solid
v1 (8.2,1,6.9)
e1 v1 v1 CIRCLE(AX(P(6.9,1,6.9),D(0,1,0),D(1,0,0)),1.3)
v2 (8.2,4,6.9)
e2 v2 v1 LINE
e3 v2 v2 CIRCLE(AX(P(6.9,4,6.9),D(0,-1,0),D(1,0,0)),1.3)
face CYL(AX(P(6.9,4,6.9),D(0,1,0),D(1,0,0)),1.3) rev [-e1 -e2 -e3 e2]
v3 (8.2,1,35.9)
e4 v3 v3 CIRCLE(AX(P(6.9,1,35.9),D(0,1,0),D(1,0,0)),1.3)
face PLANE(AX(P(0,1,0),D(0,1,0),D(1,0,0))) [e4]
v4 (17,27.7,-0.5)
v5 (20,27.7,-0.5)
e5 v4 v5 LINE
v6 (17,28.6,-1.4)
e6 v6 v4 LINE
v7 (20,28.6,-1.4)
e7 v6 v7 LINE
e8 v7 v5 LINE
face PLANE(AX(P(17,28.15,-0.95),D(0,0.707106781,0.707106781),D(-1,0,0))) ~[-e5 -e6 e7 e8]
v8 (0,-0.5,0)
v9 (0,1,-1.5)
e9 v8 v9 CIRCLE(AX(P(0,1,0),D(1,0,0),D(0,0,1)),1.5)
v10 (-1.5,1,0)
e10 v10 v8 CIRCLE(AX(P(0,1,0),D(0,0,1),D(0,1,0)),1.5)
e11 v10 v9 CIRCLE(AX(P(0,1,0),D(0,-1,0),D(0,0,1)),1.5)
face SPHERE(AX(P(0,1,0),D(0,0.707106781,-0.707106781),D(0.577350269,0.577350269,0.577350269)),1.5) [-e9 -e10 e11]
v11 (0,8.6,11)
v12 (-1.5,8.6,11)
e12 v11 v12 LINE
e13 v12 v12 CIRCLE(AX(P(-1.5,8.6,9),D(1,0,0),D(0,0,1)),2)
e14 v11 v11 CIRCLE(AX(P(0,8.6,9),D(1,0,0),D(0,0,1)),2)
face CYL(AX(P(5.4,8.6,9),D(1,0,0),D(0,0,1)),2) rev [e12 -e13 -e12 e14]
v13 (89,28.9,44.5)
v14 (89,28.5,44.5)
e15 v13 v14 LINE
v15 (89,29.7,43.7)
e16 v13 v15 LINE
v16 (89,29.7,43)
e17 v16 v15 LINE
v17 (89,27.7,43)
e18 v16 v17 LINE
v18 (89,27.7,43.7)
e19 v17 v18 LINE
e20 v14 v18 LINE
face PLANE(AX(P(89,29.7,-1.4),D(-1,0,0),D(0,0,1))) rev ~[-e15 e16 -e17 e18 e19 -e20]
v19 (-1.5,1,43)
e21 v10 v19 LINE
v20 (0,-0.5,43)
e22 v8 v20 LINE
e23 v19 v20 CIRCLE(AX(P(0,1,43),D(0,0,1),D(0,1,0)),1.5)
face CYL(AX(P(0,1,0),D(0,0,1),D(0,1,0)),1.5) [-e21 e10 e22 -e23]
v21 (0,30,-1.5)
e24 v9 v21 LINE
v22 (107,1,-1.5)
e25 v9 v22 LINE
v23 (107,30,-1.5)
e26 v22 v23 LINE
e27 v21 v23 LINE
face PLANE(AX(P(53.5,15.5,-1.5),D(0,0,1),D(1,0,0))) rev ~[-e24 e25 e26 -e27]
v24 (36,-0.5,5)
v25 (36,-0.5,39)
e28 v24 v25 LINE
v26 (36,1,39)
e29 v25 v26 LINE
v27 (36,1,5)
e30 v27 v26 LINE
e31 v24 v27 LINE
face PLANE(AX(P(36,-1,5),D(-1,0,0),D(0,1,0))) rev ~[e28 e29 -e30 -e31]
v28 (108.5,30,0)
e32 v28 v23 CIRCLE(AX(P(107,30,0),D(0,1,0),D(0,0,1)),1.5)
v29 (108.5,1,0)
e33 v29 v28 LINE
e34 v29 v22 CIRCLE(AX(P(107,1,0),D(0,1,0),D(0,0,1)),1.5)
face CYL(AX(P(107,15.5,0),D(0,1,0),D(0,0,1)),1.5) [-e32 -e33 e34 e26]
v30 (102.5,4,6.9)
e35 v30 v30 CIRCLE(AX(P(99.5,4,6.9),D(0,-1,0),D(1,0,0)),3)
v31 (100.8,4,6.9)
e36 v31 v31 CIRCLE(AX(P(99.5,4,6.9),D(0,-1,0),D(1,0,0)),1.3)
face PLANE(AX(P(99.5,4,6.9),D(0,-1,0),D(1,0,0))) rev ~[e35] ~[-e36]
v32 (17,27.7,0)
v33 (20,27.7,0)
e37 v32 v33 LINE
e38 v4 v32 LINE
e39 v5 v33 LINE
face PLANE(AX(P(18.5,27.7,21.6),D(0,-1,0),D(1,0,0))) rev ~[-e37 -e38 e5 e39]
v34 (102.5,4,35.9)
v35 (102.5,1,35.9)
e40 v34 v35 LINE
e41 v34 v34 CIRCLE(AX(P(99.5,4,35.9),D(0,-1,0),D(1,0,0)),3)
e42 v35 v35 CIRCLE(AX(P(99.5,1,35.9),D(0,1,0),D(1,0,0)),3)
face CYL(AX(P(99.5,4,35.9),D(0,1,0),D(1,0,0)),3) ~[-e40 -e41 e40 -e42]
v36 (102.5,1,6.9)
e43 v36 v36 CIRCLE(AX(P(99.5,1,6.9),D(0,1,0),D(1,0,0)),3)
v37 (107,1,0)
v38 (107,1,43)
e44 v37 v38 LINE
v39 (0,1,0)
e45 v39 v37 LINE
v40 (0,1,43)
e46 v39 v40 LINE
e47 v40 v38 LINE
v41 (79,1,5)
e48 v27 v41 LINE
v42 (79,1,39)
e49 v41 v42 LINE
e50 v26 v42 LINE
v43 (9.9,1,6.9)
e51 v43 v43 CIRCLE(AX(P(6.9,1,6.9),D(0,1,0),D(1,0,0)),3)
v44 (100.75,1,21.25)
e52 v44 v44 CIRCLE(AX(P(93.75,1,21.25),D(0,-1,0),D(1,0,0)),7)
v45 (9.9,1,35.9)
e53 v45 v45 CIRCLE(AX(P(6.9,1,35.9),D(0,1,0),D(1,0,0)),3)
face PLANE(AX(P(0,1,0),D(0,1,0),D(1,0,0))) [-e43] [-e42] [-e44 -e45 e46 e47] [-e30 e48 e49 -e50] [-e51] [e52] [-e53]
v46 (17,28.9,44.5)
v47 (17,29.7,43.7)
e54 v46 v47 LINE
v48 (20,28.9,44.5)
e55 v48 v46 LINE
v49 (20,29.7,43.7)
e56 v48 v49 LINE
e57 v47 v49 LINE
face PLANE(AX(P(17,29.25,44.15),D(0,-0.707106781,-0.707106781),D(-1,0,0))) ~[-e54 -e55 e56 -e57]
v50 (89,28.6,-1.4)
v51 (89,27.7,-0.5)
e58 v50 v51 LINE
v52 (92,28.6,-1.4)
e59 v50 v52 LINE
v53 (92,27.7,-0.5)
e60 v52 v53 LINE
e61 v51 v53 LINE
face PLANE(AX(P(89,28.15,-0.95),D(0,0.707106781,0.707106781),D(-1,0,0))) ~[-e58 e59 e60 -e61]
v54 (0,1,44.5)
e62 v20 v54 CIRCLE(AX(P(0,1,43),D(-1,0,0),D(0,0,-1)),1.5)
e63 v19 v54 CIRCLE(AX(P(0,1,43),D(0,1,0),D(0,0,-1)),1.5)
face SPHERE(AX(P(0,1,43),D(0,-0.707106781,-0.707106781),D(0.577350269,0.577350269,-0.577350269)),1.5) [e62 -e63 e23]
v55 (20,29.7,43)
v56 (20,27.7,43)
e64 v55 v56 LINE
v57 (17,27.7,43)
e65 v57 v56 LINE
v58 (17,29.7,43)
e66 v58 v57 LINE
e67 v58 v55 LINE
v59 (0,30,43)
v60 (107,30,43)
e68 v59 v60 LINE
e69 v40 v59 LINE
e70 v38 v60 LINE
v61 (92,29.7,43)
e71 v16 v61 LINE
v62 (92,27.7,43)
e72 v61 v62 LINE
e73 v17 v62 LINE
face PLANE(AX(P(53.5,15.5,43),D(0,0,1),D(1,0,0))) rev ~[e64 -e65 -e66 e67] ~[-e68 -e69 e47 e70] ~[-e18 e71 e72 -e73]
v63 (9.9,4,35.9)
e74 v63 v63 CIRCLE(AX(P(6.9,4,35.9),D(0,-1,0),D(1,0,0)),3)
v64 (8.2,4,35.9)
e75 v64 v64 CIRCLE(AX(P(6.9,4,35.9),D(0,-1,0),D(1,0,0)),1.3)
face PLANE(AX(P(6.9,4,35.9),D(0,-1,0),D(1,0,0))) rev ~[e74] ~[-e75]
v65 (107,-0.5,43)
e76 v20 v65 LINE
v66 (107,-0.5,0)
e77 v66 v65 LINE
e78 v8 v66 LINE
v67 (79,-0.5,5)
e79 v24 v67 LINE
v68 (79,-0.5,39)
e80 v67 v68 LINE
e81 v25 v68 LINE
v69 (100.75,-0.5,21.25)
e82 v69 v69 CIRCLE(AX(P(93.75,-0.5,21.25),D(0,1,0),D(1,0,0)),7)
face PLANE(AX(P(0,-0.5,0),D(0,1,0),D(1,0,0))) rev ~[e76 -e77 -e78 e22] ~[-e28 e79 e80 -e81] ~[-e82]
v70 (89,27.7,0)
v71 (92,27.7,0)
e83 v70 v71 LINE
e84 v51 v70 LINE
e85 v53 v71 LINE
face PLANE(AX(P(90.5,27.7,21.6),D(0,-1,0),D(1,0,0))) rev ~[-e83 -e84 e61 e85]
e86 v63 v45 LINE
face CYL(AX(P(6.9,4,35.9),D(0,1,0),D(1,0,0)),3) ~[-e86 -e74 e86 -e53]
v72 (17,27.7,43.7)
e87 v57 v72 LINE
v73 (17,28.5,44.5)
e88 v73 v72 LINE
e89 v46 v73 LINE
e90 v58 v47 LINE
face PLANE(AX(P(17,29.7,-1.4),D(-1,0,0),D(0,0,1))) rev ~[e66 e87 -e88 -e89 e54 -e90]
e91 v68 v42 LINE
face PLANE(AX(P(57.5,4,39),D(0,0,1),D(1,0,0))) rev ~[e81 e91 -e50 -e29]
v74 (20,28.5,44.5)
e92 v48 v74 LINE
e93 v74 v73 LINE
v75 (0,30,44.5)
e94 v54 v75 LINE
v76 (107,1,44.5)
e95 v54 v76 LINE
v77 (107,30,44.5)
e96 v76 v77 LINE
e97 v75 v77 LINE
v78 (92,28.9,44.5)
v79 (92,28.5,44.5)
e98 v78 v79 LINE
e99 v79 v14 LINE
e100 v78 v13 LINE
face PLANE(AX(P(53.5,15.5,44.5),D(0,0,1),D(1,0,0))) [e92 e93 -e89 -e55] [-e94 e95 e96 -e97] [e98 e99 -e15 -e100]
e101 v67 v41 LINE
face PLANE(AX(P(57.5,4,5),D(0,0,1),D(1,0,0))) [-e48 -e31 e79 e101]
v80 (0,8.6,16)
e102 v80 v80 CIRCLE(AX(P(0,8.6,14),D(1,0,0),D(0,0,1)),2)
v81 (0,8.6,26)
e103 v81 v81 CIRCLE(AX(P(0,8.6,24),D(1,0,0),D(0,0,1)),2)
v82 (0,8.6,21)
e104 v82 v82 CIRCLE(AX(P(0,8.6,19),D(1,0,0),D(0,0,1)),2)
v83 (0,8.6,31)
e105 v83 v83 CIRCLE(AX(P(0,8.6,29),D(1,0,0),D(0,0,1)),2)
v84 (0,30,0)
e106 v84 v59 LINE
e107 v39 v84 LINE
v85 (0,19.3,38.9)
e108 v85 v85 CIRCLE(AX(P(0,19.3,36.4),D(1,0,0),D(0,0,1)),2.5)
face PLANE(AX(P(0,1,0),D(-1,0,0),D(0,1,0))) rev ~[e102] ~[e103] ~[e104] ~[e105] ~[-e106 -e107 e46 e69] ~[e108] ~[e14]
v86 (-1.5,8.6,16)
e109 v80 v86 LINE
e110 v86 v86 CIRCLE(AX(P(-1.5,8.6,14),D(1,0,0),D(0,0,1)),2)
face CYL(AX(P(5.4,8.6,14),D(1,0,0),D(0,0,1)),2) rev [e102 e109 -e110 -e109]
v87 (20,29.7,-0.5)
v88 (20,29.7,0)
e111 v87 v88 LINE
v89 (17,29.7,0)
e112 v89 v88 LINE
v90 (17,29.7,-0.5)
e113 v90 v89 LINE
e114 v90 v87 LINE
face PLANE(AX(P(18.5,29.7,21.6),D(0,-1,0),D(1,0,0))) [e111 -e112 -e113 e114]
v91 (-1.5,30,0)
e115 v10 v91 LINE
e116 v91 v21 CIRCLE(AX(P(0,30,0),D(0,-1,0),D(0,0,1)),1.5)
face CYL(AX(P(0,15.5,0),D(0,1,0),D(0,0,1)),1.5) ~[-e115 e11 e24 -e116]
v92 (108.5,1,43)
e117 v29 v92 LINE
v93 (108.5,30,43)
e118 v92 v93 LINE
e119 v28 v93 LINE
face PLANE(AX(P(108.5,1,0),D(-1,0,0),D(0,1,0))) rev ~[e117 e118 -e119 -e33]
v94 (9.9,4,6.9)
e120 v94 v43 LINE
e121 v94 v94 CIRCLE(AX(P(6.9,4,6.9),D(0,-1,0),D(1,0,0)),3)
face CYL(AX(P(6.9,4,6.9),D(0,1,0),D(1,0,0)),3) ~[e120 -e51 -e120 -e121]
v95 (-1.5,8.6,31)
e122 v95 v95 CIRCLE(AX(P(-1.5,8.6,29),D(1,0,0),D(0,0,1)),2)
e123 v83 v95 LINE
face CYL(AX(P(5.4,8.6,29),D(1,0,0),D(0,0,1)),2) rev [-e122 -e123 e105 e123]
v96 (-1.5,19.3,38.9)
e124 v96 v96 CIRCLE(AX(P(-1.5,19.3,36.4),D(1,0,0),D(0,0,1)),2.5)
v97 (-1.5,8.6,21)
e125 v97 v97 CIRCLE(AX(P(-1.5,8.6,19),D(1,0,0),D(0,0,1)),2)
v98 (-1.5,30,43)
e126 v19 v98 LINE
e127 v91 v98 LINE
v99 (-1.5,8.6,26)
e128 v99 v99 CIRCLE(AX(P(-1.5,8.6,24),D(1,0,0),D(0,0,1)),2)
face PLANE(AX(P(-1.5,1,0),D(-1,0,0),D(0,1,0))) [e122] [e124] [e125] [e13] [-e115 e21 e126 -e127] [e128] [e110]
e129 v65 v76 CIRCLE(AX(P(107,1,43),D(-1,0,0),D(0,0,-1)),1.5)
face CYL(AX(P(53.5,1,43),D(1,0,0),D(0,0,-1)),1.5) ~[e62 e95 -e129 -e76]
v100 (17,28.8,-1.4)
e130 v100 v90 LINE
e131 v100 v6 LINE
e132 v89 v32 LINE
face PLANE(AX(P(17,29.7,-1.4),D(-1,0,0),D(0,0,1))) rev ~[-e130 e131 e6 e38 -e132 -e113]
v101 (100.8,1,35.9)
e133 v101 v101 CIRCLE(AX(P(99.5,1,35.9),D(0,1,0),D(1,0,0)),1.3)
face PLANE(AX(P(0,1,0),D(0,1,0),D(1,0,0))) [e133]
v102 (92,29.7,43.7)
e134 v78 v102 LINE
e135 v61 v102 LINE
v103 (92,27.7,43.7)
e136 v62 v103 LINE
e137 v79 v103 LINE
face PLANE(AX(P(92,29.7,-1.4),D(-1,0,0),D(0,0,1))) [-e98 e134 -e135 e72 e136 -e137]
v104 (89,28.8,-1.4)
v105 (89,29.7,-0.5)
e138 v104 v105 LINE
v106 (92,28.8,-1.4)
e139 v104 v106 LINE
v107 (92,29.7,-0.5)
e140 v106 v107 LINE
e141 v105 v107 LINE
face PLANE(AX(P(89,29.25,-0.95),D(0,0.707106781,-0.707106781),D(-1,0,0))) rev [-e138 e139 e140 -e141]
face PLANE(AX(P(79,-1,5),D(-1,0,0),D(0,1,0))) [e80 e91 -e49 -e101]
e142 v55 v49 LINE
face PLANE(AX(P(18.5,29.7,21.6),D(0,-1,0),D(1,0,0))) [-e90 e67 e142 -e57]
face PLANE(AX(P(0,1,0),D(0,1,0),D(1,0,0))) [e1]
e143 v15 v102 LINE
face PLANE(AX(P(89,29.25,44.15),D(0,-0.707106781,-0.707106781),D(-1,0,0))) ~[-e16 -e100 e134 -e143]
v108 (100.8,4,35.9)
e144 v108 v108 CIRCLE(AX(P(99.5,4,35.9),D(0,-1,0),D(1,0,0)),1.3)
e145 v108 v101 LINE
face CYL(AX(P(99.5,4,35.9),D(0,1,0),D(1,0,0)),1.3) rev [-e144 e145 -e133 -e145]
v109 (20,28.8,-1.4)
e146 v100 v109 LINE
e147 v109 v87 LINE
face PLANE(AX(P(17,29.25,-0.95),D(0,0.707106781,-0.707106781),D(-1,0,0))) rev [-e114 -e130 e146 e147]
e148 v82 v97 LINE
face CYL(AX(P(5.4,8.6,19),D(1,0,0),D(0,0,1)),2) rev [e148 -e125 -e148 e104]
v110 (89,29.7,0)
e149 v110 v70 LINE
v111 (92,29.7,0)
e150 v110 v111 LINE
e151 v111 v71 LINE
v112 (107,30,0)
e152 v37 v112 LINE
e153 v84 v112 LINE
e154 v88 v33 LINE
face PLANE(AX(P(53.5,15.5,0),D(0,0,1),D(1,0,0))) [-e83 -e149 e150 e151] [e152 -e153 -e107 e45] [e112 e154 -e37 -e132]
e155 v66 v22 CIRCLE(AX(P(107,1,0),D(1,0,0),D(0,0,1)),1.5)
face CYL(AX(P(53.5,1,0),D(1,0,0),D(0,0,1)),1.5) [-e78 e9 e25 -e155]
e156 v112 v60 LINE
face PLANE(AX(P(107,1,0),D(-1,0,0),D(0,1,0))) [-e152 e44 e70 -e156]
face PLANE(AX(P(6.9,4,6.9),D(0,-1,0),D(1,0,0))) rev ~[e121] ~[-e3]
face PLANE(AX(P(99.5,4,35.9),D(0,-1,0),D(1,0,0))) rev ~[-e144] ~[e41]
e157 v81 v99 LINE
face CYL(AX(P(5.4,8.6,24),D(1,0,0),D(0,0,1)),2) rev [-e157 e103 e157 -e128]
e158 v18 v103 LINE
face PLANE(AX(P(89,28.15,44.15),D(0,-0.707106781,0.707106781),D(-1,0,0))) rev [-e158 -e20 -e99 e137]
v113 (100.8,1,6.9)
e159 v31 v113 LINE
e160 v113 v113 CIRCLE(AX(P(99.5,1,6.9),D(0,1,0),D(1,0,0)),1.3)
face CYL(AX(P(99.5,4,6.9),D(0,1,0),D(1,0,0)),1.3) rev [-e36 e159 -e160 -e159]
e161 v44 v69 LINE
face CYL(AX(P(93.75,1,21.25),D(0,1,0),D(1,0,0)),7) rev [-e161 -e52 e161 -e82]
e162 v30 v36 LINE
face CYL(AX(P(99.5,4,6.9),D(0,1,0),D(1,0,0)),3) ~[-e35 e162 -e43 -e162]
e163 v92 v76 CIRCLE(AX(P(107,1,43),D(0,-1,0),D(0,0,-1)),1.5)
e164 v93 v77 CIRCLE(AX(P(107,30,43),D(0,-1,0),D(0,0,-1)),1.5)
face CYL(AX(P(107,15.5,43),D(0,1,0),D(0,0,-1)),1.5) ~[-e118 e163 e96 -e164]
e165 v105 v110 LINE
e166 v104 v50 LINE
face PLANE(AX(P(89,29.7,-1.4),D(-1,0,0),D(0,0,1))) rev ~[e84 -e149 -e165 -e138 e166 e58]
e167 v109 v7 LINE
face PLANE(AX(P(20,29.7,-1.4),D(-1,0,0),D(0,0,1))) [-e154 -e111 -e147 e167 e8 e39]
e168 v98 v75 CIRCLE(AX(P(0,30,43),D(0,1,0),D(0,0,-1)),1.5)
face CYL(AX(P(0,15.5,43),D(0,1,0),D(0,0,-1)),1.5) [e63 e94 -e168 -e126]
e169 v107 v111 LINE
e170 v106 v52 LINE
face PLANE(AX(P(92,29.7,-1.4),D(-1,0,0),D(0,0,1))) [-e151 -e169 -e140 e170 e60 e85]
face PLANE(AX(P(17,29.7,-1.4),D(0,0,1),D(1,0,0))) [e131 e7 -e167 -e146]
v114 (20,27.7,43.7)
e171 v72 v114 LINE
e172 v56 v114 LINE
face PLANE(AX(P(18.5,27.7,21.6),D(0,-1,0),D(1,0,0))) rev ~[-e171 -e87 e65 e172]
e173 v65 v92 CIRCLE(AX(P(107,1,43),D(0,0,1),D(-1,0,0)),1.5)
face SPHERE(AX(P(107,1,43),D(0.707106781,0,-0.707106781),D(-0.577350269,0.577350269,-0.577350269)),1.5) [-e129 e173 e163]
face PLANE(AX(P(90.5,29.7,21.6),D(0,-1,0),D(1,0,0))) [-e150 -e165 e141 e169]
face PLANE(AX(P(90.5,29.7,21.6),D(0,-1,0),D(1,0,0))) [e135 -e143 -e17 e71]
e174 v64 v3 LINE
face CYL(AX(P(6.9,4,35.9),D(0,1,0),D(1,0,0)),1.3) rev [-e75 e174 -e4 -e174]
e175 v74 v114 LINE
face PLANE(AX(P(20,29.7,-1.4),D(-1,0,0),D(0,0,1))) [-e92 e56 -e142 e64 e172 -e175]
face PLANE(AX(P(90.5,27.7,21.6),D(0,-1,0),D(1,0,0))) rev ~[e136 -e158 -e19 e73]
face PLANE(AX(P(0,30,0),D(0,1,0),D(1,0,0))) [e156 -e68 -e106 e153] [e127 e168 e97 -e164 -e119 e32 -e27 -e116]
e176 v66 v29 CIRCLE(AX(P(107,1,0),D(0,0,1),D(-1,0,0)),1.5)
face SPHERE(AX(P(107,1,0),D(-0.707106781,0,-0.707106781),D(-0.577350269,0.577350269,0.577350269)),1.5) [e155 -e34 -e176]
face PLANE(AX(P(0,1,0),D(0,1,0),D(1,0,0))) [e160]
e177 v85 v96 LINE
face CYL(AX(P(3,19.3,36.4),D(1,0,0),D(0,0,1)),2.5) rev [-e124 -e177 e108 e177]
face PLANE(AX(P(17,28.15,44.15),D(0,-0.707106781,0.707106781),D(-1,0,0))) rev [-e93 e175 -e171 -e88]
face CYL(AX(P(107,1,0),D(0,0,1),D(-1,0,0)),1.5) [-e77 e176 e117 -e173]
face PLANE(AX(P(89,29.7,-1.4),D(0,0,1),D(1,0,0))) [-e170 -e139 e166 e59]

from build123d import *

# Parameters (mm, degrees)
TUBE001_R                  = 3
TUBE001_R_2                = 1.3
TUBE001_DEPTH              = 4
TUBE002_R                  = 3
TUBE002_R_2                = 1.3
TUBE002_DEPTH              = 4
TUBE003_R                  = 3
TUBE003_R_2                = 1.3
TUBE003_DEPTH              = 4
TUBE_R                     = 3
TUBE_R_2                   = 1.3
TUBE_DEPTH                 = 4
CYLINDER007_R              = 2
CYLINDER007_DEPTH          = 10
CYLINDER008_R              = 2
CYLINDER008_DEPTH          = 10
CYLINDER009_R              = 2
CYLINDER009_DEPTH          = 10
CYLINDER010_R              = 2
CYLINDER010_DEPTH          = 10
CYLINDER006_R              = 2
CYLINDER006_DEPTH          = 10
BOX026_W                   = 3
BOX026_H                   = 46
BOX026_DEPTH               = 2
CHAMFER001_SIZE            = 0.9
CHAMFER001_PLACEMENT_ANGLE = 90
BOX025_W                   = 3
BOX025_H                   = 46
BOX025_DEPTH               = 2
CHAMFER_SIZE               = 0.9
CHAMFER_PLACEMENT_ANGLE    = 90
CYLINDER005_R              = 2.5
CYLINDER005_DEPTH          = 10
CYLINDER001_R              = 7
CYLINDER001_DEPTH          = 10
BOX001_W                   = 43
BOX001_H                   = 10
BOX001_DEPTH               = 34
BOX_W                      = 107
BOX_H                      = 29
BOX_DEPTH                  = 43
THICKNESS_T                = 1.5


with BuildPart() as tube001:
    # Tube001 → Tube001 (new body)
    with BuildSketch(Plane(origin=(6.9, 4, 35.9), x_dir=(1, 0, 0), z_dir=(0, -1, 0))):
        Circle(TUBE001_R)
        Circle(TUBE001_R_2, mode=Mode.SUBTRACT)
    extrude(amount=TUBE001_DEPTH)


with BuildPart() as tube002:
    # Tube002 → Tube002 (new body)
    with BuildSketch(Plane(origin=(99.5, 4, 6.9), x_dir=(1, 0, 0), z_dir=(0, -1, 0))):
        Circle(TUBE002_R)
        Circle(TUBE002_R_2, mode=Mode.SUBTRACT)
    extrude(amount=TUBE002_DEPTH)


with BuildPart() as tube003:
    # Tube003 → Tube003 (new body)
    with BuildSketch(Plane(origin=(99.5, 4, 35.9), x_dir=(1, 0, 0), z_dir=(0, -1, 0))):
        Circle(TUBE003_R)
        Circle(TUBE003_R_2, mode=Mode.SUBTRACT)
    extrude(amount=TUBE003_DEPTH)


with BuildPart() as fusion005:
    # Tube → Tube (new body)
    with BuildSketch(Plane(origin=(6.9, 4, 6.9), x_dir=(1, 0, 0), z_dir=(0, -1, 0))):
        Circle(TUBE_R)
        Circle(TUBE_R_2, mode=Mode.SUBTRACT)
    extrude(amount=TUBE_DEPTH)

    # Fusion005: union Tube001, Tube002, Tube003
    add(tube001.part)
    add(tube002.part)
    add(tube003.part)


with BuildPart() as cilindro007:
    # Cylinder007 → Cylinder007 (new body)
    with BuildSketch(Plane(origin=(5.4, 8.6, 24), x_dir=(0, 0, 1), z_dir=(-1, 0, 0))):
        Circle(CYLINDER007_R)
    extrude(amount=CYLINDER007_DEPTH)


with BuildPart() as cilindro008:
    # Cylinder008 → Cylinder008 (new body)
    with BuildSketch(Plane(origin=(5.4, 8.6, 19), x_dir=(0, 0, 1), z_dir=(-1, 0, 0))):
        Circle(CYLINDER008_R)
    extrude(amount=CYLINDER008_DEPTH)


with BuildPart() as cilindro009:
    # Cylinder009 → Cylinder009 (new body)
    with BuildSketch(Plane(origin=(5.4, 8.6, 14), x_dir=(0, 0, 1), z_dir=(-1, 0, 0))):
        Circle(CYLINDER009_R)
    extrude(amount=CYLINDER009_DEPTH)


with BuildPart() as cilindro010:
    # Cylinder010 → Cylinder010 (new body)
    with BuildSketch(Plane(origin=(5.4, 8.6, 9), x_dir=(0, 0, 1), z_dir=(-1, 0, 0))):
        Circle(CYLINDER010_R)
    extrude(amount=CYLINDER010_DEPTH)


with BuildPart() as fusion004:
    # Cylinder006 → Cylinder006 (new body)
    with BuildSketch(Plane(origin=(5.4, 8.6, 29), x_dir=(0, 0, 1), z_dir=(-1, 0, 0))):
        Circle(CYLINDER006_R)
    extrude(amount=CYLINDER006_DEPTH)

    # Fusion004: union Cilindro007, Cilindro008, Cilindro009, Cilindro010
    add(cilindro007.part)
    add(cilindro008.part)
    add(cilindro009.part)
    add(cilindro010.part)


with BuildPart() as chamfer001:
    # Box026 → Box026 (new body)
    with BuildSketch(Plane(origin=(5, -1, -6), x_dir=(1, 0, 0), z_dir=(0, 0, 1))):
        with Locations((1.5, 23)):
            Rectangle(BOX026_W, BOX026_H)
    extrude(amount=BOX026_DEPTH)

    # Chamfer001
    chamfer001_edges = [chamfer001.edges().sort_by_distance(p)[0] for p in [
        (6.5, -1, -6),
        (6.5, -1, -4),
        (6.5, 45, -6),
        (6.5, 45, -4),
    ]]
    chamfer(chamfer001_edges, length=CHAMFER001_SIZE)


with BuildPart() as chamfer001_1:
    # Chamfer001 placement: moved
    add(chamfer001.part.moved(Location((84, 23.7, -0.4))).rotate(Axis((84, 23.7, -0.4), (1, 0, 0)), CHAMFER001_PLACEMENT_ANGLE))


with BuildPart() as fusion:
    # Box025 → Box025 (new body)
    with BuildSketch(Plane(origin=(5, -1, -6), x_dir=(1, 0, 0), z_dir=(0, 0, 1))):
        with Locations((1.5, 23)):
            Rectangle(BOX025_W, BOX025_H)
    extrude(amount=BOX025_DEPTH)

    # Chamfer
    chamfer_edges = [fusion.edges().sort_by_distance(p)[0] for p in [
        (6.5, -1, -6),
        (6.5, -1, -4),
        (6.5, 45, -6),
        (6.5, 45, -4),
    ]]
    chamfer(chamfer_edges, length=CHAMFER_SIZE)


with BuildPart() as fusion_1:
    # Chamfer placement: moved
    add(fusion.part.moved(Location((12, 23.7, -0.4))).rotate(Axis((12, 23.7, -0.4), (1, 0, 0)), CHAMFER_PLACEMENT_ANGLE))

    # Fusion: union Chamfer001
    add(chamfer001_1.part)


with BuildPart() as cilindro005:
    # Cylinder005 → Cylinder005 (new body)
    with BuildSketch(Plane(origin=(3, 19.3, 36.4), x_dir=(0, 0, 1), z_dir=(-1, 0, 0))):
        Circle(CYLINDER005_R)
    extrude(amount=CYLINDER005_DEPTH)


with BuildPart() as cilindro001:
    # Cylinder001 → Cylinder001 (new body)
    with BuildSketch(Plane(origin=(93.75, 1, 21.25), x_dir=(1, 0, 0), z_dir=(0, -1, 0))):
        Circle(CYLINDER001_R)
    extrude(amount=CYLINDER001_DEPTH)


with BuildPart() as cubo001:
    # Box001 → Box001 (new body)
    with BuildSketch(Plane(origin=(36, -1, 5), x_dir=(1, 0, 0), z_dir=(0, 0, 1))):
        with Locations((21.5, 5)):
            Rectangle(BOX001_W, BOX001_H)
    extrude(amount=BOX001_DEPTH)


with BuildPart() as caixa:
    # Box → Box (new body)
    with BuildSketch(Plane.XY):
        with Locations((53.5, 14.5)):
            Rectangle(BOX_W, BOX_H)
    extrude(amount=BOX_DEPTH)

    # Thickness
    thickness_openings = [caixa.faces().sort_by_distance(p)[0] for p in [
        (53.5, 29, 21.5),
    ]]
    offset(amount=THICKNESS_T, openings=thickness_openings)


with BuildPart() as caixa_1:
    # Thickness placement: moved
    add(caixa.part.moved(Location((0, 1, 0))))

    # Cut: cut Cubo001
    add(cubo001.part, mode=Mode.SUBTRACT)

    # Cut001: cut Cilindro001
    add(cilindro001.part, mode=Mode.SUBTRACT)

    # Cut002: cut Cilindro005
    add(cilindro005.part, mode=Mode.SUBTRACT)

    # Cut003: cut Fusion
    add(fusion_1.part, mode=Mode.SUBTRACT)

    # Cut005: cut Fusion004
    add(fusion004.part, mode=Mode.SUBTRACT)

    # Fusion006: union Fusion005
    add(fusion005.part)


solid = caixa_1.part
